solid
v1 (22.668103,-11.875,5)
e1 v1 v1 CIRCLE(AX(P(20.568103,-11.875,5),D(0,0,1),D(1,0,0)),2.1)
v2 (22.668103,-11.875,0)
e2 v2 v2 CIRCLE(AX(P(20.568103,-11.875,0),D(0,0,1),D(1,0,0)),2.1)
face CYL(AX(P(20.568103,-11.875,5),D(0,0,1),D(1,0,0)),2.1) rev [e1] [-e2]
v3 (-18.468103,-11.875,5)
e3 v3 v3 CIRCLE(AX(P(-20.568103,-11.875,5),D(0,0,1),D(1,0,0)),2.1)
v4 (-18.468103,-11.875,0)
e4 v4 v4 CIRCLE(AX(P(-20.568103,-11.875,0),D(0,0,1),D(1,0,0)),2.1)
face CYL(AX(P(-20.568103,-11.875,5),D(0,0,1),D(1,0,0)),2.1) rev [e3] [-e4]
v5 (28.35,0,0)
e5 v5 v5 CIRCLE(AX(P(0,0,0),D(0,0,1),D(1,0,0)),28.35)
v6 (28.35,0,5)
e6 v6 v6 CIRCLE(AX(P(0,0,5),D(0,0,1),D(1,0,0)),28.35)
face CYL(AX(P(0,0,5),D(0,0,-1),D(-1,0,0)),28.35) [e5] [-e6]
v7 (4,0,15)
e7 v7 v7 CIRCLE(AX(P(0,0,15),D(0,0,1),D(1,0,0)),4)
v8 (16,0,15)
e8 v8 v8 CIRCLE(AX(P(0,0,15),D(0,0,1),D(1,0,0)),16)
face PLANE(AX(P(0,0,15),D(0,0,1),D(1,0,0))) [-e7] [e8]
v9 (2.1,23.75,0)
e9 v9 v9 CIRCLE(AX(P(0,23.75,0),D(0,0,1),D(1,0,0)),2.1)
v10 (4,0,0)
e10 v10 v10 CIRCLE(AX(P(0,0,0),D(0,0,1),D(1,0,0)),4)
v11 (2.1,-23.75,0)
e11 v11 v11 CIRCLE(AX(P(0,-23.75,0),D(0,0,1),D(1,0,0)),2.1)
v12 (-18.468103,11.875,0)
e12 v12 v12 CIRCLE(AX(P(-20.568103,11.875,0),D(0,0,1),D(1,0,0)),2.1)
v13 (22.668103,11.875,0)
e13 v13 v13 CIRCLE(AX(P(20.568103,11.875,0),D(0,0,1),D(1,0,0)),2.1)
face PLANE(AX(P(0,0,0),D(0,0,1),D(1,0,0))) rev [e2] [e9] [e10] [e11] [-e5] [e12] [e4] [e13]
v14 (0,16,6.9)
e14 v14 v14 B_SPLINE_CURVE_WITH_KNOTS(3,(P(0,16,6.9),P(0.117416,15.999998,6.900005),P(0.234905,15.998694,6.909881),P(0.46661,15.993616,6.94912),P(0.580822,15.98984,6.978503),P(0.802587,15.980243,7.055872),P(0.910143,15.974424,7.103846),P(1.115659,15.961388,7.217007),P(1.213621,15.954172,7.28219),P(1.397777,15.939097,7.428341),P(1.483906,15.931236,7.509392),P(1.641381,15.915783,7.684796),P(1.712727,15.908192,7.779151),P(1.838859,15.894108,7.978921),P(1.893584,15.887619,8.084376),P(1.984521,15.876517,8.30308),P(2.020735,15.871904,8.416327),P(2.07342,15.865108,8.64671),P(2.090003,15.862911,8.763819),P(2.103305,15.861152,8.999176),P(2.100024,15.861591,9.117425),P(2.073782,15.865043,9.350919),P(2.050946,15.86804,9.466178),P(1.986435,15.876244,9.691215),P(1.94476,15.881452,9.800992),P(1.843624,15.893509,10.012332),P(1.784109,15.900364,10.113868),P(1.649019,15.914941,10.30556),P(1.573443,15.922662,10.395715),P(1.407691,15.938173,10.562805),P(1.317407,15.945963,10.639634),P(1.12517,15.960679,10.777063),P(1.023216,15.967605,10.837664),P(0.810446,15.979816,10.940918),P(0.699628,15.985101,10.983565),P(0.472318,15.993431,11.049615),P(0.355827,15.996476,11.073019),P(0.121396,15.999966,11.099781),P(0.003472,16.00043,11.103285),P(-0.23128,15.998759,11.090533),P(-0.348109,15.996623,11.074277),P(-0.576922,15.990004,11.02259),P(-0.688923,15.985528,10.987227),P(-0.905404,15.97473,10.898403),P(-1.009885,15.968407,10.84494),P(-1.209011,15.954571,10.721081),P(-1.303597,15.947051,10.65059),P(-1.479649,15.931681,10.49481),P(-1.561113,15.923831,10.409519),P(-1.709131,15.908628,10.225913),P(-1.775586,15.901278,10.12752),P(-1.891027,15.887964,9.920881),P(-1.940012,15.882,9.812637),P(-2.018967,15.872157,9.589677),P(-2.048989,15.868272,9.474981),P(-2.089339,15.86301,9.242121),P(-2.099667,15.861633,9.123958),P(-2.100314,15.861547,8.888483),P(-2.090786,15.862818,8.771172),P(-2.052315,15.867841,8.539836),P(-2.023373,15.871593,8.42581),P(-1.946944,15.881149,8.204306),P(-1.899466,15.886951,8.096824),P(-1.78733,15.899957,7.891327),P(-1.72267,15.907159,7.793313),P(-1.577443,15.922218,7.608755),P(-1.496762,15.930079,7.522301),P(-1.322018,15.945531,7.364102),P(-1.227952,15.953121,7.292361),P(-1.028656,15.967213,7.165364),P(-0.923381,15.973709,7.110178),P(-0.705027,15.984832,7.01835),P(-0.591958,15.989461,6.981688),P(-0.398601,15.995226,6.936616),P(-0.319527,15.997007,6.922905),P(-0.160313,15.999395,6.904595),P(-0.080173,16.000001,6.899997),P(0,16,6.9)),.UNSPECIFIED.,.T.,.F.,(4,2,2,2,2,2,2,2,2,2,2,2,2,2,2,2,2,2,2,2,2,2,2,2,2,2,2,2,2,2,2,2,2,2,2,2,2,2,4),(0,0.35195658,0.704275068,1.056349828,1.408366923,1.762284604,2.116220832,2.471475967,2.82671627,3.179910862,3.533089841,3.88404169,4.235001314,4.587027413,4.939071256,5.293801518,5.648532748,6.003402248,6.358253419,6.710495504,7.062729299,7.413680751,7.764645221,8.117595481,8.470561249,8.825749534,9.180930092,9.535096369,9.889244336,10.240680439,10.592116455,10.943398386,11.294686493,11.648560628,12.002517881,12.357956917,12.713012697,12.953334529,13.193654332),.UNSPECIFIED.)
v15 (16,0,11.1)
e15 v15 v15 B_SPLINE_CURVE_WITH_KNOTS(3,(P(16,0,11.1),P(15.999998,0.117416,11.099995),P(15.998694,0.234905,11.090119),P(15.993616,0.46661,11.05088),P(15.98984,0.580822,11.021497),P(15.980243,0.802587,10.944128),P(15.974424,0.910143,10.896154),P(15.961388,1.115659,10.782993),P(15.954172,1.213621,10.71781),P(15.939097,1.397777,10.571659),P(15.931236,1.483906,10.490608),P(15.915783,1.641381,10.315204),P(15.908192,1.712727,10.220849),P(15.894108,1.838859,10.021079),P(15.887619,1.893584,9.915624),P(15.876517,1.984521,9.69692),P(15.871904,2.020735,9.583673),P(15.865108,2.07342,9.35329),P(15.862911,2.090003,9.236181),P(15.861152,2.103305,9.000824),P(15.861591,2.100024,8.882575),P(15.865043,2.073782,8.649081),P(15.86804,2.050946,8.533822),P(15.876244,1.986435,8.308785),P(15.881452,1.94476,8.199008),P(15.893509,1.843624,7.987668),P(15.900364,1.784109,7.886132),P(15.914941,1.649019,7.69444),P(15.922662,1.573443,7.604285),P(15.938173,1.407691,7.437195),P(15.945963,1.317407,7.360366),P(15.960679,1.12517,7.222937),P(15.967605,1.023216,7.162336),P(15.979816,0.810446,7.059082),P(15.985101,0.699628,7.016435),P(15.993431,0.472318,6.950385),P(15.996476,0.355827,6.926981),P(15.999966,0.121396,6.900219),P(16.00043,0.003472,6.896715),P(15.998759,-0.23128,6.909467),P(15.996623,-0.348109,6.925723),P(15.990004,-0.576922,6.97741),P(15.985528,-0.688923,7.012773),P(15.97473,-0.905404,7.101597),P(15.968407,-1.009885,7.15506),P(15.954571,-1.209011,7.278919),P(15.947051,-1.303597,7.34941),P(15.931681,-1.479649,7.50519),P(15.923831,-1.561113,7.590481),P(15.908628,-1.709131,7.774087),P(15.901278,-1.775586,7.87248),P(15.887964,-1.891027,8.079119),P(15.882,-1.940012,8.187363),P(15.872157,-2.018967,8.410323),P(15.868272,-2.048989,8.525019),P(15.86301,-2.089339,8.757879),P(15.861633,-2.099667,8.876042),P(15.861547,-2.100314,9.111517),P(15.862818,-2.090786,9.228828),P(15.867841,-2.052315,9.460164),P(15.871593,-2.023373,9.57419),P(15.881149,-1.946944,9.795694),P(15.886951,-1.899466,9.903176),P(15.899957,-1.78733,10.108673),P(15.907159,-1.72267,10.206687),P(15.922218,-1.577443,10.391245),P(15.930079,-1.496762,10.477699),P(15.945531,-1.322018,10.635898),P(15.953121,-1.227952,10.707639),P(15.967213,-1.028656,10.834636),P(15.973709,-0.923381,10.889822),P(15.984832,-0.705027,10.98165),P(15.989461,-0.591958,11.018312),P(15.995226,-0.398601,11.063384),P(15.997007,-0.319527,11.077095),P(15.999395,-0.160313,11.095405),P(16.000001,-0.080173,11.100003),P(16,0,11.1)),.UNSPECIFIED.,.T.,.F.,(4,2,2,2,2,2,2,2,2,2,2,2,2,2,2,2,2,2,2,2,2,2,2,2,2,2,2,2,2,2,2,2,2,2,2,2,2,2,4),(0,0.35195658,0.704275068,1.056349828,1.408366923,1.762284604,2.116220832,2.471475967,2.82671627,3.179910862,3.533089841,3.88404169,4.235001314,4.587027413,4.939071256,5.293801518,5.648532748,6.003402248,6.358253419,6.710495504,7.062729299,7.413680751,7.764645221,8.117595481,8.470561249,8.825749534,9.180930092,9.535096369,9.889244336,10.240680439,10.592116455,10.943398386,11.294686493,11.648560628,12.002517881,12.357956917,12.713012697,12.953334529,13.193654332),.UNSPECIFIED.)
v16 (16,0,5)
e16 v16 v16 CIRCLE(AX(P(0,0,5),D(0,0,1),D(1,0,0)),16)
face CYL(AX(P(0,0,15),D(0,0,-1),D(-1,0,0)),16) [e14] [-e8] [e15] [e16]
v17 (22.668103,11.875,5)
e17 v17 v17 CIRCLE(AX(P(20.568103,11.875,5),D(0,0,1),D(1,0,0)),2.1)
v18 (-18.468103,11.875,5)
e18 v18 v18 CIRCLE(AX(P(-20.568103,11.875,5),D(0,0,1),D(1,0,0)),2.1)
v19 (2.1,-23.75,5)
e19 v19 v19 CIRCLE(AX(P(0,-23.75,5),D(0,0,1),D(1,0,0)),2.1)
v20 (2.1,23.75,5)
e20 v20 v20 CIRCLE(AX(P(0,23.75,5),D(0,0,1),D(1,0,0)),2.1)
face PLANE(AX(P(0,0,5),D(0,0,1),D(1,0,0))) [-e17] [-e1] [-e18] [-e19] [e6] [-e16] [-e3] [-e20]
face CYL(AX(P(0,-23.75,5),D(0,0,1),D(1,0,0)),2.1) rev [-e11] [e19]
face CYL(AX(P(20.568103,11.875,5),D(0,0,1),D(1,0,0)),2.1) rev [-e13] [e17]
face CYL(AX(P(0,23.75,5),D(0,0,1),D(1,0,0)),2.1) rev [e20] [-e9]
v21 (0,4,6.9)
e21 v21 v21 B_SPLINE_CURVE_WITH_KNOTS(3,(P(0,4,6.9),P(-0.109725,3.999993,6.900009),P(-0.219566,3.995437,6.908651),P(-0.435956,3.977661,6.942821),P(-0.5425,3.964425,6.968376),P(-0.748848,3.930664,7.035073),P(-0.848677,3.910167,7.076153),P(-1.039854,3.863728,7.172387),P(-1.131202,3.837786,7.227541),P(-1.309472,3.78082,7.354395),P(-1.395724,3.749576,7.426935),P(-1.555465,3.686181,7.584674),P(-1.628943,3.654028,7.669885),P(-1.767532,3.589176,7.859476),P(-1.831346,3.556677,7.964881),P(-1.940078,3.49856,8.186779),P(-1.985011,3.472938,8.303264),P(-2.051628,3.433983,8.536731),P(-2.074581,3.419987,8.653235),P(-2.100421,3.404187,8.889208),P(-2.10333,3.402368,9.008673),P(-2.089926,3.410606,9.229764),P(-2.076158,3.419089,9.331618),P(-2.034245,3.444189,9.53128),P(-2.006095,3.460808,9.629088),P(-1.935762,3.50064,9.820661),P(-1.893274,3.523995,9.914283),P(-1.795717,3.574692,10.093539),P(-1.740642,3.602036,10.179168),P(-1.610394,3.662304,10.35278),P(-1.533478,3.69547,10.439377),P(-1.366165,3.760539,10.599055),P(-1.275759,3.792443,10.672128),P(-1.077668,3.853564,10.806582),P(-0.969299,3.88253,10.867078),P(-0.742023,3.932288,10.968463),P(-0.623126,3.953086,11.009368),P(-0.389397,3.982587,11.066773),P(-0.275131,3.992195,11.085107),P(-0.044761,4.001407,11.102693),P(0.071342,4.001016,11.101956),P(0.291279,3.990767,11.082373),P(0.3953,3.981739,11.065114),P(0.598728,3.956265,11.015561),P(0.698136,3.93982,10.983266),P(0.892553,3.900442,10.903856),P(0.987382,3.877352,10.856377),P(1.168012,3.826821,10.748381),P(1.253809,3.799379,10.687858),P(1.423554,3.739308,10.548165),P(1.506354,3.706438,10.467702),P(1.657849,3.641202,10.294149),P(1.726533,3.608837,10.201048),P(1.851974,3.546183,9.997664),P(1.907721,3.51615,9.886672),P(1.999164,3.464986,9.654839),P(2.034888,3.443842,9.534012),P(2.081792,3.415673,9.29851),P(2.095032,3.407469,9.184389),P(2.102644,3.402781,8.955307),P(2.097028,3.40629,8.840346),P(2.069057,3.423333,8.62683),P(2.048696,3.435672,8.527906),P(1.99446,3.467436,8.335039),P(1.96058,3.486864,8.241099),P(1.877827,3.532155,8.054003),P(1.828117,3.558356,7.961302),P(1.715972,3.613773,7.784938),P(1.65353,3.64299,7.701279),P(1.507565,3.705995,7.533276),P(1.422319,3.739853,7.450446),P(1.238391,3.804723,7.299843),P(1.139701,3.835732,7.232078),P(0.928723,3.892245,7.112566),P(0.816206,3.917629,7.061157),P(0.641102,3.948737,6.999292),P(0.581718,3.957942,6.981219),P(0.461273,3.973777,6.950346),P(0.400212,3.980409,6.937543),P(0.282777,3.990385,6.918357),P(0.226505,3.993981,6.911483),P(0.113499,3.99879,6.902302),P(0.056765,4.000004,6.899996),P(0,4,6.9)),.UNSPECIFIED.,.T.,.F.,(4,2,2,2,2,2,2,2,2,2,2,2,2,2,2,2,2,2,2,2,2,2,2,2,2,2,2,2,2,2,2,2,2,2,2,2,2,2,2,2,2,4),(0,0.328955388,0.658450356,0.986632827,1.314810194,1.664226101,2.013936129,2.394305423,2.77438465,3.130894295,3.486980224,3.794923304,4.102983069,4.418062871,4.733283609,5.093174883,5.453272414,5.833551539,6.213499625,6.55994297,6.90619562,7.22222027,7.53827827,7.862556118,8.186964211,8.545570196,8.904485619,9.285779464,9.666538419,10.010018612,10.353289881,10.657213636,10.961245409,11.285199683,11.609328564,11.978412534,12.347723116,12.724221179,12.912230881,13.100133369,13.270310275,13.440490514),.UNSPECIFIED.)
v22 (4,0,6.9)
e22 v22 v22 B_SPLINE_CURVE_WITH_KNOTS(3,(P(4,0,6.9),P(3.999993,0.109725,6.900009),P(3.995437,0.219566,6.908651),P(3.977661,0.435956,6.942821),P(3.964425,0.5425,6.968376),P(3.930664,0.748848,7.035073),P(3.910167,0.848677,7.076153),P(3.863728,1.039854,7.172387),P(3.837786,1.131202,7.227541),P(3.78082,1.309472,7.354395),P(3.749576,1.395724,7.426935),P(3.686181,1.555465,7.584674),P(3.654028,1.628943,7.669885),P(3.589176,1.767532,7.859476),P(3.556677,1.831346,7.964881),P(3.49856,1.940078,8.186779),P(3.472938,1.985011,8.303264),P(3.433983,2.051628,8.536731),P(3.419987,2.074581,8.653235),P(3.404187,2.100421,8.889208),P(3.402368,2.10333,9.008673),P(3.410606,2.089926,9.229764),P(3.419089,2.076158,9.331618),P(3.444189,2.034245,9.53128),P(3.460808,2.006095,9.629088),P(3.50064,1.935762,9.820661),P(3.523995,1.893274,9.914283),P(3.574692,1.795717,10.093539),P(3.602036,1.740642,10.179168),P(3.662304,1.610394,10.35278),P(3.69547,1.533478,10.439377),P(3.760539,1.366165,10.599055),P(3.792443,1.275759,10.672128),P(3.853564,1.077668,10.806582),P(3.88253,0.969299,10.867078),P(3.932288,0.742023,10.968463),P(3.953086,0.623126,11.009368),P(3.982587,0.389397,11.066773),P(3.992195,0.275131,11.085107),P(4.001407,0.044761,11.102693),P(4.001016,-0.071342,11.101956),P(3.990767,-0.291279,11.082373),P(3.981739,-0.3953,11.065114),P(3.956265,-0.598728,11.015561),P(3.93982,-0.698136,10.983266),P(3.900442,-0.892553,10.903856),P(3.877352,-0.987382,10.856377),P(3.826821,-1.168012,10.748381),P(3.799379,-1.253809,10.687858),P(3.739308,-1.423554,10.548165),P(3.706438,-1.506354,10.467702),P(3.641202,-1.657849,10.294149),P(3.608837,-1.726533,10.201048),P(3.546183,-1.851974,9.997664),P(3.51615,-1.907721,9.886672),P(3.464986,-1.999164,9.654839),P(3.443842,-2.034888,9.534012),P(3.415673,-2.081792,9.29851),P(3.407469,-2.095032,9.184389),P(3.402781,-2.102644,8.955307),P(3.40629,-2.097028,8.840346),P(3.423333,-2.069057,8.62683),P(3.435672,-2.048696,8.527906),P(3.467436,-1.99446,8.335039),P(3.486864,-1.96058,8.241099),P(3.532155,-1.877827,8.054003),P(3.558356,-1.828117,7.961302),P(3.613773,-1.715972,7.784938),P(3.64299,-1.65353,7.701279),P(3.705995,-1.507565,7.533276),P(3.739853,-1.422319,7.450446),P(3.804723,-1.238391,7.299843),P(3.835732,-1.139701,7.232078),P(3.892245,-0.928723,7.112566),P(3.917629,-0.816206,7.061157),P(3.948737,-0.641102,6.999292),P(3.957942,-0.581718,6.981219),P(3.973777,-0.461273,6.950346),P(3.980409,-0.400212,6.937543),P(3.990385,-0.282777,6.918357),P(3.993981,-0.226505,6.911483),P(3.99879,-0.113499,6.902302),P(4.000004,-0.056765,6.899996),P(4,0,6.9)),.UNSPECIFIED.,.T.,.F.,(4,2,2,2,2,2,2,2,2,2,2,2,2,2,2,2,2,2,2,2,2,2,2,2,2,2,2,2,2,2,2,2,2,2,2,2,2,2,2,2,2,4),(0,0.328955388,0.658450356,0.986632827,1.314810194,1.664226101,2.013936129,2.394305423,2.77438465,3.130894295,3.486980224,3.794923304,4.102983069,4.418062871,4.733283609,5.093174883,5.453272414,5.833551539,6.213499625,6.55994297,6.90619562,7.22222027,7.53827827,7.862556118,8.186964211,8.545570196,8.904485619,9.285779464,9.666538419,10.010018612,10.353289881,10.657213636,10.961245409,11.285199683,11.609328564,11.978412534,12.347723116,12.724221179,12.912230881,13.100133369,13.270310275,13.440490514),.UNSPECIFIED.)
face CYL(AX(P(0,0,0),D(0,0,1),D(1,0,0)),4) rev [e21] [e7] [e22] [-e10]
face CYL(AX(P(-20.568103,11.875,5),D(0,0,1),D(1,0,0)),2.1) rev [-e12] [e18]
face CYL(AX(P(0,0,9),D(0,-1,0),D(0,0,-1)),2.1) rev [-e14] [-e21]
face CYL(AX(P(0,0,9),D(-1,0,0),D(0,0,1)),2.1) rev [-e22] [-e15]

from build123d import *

# Parameters (mm, degrees)
SKETCH_1_R               = 28.35
EXTRUDE_1_DEPTH          = 5
SKETCH_2_R               = 16
EXTRUDE_2_DEPTH          = 10
SKETCH_3_R               = 4
CUT_EXTRUDE_1_DEPTH      = 43.807067174
M5X0_8_1_D               = 4.2
PATTERN_CIRCULAR_1_COUNT = 6
SKETCH_11_W              = 2.1
SKETCH_11_H              = 16.001
PATTERN_CIRCULAR_2_COUNT = 2
PATTERN_CIRCULAR_2_ANGLE = 90
BOSS_EXTRUDE1_DEPTH      = 15


with BuildPart() as part:
    # 草圖1 → 填料-伸長1 (new body)
    with BuildSketch(Plane.XY):
        Circle(SKETCH_1_R)
    extrude(amount=EXTRUDE_1_DEPTH)

    # 草圖2 → 填料-伸長2 (add)
    with BuildSketch(Plane.XY.offset(5)):
        Circle(SKETCH_2_R)
    extrude(amount=EXTRUDE_2_DEPTH)

    # 草圖3 → 除料-伸長1 (cut, through all)
    with BuildSketch(Plane.XY.offset(15)):
        Circle(SKETCH_3_R)
    extrude(amount=-CUT_EXTRUDE_1_DEPTH, mode=Mode.SUBTRACT)

    # M5x0.8 螺紋孔1 (through all)
    with Locations(Plane(origin=(0, 23.75, 5), x_dir=(1, 0, 0), z_dir=(0, 0, 1))):
        with Locations((0, 0)):
            m5x0_8_1 = Hole(M5X0_8_1_D / 2)

    # 環狀複製排列1: M5x0.8 螺紋孔1 ×6 about axis
    pattern_circular_1_axis = Axis((0, 0, 0), (0, 0, 1))
    for i in range(1, PATTERN_CIRCULAR_1_COUNT):
        add(m5x0_8_1.rotate(pattern_circular_1_axis, i * 360 / PATTERN_CIRCULAR_1_COUNT), mode=Mode.SUBTRACT)

    # 草圖11 → M5x0.8 螺紋孔2 (revolve, cut)
    with BuildSketch(Plane(origin=(0, 0, 9), x_dir=(0, 0, 1), z_dir=(0, 1, 0))):
        with Locations((1.05, 8.0005)):
            Rectangle(SKETCH_11_W, SKETCH_11_H)
    m5x0_8_2 = revolve(axis=Axis((-6.35, 0, 9), (1, 0, 0)), mode=Mode.SUBTRACT)

    # 環狀複製排列2: M5x0.8 螺紋孔2 ×2 about axis
    pattern_circular_2_axis = Axis((0, 0, 15), (0, 0, 1))
    for i in range(1, PATTERN_CIRCULAR_2_COUNT):
        add(m5x0_8_2.rotate(pattern_circular_2_axis, i * PATTERN_CIRCULAR_2_ANGLE / (PATTERN_CIRCULAR_2_COUNT - 1)), mode=Mode.SUBTRACT)

    # Sketch1 → Boss-Extrude1 (add)
    with BuildSketch(Plane.XY.offset(15)):
        with BuildLine():
            ThreePointArc((4, 0), (1.414213562, 3.741657387), (-3, 2.645751311))
            Line((-3, 2.645751311), (-3, -2.645751311))
            ThreePointArc((-3, -2.645751311), (1.414213562, -3.741657387), (4, 0))
        make_face()
        with BuildLine():
            Line((-3, -2.645751311), (-3, 2.645751311))
            ThreePointArc((-3, 2.645751311), (-3.999997422, 0.0045417), (-3.006000366, -2.638931943))
            ThreePointArc((-3.006000366, -2.638931943), (-3.003002119, -2.64234333), (-3, -2.645751311))
        make_face()
    extrude(amount=BOSS_EXTRUDE1_DEPTH)


with BuildPart() as boss_extrude1_kept_piece:
    # of the separate pieces the step leaves, the one the design keeps (boss_extrude1_pieces_kept)
    add(part.part.solids().sort_by_distance((28.35, 0, 0))[0])


solid = boss_extrude1_kept_piece.part
